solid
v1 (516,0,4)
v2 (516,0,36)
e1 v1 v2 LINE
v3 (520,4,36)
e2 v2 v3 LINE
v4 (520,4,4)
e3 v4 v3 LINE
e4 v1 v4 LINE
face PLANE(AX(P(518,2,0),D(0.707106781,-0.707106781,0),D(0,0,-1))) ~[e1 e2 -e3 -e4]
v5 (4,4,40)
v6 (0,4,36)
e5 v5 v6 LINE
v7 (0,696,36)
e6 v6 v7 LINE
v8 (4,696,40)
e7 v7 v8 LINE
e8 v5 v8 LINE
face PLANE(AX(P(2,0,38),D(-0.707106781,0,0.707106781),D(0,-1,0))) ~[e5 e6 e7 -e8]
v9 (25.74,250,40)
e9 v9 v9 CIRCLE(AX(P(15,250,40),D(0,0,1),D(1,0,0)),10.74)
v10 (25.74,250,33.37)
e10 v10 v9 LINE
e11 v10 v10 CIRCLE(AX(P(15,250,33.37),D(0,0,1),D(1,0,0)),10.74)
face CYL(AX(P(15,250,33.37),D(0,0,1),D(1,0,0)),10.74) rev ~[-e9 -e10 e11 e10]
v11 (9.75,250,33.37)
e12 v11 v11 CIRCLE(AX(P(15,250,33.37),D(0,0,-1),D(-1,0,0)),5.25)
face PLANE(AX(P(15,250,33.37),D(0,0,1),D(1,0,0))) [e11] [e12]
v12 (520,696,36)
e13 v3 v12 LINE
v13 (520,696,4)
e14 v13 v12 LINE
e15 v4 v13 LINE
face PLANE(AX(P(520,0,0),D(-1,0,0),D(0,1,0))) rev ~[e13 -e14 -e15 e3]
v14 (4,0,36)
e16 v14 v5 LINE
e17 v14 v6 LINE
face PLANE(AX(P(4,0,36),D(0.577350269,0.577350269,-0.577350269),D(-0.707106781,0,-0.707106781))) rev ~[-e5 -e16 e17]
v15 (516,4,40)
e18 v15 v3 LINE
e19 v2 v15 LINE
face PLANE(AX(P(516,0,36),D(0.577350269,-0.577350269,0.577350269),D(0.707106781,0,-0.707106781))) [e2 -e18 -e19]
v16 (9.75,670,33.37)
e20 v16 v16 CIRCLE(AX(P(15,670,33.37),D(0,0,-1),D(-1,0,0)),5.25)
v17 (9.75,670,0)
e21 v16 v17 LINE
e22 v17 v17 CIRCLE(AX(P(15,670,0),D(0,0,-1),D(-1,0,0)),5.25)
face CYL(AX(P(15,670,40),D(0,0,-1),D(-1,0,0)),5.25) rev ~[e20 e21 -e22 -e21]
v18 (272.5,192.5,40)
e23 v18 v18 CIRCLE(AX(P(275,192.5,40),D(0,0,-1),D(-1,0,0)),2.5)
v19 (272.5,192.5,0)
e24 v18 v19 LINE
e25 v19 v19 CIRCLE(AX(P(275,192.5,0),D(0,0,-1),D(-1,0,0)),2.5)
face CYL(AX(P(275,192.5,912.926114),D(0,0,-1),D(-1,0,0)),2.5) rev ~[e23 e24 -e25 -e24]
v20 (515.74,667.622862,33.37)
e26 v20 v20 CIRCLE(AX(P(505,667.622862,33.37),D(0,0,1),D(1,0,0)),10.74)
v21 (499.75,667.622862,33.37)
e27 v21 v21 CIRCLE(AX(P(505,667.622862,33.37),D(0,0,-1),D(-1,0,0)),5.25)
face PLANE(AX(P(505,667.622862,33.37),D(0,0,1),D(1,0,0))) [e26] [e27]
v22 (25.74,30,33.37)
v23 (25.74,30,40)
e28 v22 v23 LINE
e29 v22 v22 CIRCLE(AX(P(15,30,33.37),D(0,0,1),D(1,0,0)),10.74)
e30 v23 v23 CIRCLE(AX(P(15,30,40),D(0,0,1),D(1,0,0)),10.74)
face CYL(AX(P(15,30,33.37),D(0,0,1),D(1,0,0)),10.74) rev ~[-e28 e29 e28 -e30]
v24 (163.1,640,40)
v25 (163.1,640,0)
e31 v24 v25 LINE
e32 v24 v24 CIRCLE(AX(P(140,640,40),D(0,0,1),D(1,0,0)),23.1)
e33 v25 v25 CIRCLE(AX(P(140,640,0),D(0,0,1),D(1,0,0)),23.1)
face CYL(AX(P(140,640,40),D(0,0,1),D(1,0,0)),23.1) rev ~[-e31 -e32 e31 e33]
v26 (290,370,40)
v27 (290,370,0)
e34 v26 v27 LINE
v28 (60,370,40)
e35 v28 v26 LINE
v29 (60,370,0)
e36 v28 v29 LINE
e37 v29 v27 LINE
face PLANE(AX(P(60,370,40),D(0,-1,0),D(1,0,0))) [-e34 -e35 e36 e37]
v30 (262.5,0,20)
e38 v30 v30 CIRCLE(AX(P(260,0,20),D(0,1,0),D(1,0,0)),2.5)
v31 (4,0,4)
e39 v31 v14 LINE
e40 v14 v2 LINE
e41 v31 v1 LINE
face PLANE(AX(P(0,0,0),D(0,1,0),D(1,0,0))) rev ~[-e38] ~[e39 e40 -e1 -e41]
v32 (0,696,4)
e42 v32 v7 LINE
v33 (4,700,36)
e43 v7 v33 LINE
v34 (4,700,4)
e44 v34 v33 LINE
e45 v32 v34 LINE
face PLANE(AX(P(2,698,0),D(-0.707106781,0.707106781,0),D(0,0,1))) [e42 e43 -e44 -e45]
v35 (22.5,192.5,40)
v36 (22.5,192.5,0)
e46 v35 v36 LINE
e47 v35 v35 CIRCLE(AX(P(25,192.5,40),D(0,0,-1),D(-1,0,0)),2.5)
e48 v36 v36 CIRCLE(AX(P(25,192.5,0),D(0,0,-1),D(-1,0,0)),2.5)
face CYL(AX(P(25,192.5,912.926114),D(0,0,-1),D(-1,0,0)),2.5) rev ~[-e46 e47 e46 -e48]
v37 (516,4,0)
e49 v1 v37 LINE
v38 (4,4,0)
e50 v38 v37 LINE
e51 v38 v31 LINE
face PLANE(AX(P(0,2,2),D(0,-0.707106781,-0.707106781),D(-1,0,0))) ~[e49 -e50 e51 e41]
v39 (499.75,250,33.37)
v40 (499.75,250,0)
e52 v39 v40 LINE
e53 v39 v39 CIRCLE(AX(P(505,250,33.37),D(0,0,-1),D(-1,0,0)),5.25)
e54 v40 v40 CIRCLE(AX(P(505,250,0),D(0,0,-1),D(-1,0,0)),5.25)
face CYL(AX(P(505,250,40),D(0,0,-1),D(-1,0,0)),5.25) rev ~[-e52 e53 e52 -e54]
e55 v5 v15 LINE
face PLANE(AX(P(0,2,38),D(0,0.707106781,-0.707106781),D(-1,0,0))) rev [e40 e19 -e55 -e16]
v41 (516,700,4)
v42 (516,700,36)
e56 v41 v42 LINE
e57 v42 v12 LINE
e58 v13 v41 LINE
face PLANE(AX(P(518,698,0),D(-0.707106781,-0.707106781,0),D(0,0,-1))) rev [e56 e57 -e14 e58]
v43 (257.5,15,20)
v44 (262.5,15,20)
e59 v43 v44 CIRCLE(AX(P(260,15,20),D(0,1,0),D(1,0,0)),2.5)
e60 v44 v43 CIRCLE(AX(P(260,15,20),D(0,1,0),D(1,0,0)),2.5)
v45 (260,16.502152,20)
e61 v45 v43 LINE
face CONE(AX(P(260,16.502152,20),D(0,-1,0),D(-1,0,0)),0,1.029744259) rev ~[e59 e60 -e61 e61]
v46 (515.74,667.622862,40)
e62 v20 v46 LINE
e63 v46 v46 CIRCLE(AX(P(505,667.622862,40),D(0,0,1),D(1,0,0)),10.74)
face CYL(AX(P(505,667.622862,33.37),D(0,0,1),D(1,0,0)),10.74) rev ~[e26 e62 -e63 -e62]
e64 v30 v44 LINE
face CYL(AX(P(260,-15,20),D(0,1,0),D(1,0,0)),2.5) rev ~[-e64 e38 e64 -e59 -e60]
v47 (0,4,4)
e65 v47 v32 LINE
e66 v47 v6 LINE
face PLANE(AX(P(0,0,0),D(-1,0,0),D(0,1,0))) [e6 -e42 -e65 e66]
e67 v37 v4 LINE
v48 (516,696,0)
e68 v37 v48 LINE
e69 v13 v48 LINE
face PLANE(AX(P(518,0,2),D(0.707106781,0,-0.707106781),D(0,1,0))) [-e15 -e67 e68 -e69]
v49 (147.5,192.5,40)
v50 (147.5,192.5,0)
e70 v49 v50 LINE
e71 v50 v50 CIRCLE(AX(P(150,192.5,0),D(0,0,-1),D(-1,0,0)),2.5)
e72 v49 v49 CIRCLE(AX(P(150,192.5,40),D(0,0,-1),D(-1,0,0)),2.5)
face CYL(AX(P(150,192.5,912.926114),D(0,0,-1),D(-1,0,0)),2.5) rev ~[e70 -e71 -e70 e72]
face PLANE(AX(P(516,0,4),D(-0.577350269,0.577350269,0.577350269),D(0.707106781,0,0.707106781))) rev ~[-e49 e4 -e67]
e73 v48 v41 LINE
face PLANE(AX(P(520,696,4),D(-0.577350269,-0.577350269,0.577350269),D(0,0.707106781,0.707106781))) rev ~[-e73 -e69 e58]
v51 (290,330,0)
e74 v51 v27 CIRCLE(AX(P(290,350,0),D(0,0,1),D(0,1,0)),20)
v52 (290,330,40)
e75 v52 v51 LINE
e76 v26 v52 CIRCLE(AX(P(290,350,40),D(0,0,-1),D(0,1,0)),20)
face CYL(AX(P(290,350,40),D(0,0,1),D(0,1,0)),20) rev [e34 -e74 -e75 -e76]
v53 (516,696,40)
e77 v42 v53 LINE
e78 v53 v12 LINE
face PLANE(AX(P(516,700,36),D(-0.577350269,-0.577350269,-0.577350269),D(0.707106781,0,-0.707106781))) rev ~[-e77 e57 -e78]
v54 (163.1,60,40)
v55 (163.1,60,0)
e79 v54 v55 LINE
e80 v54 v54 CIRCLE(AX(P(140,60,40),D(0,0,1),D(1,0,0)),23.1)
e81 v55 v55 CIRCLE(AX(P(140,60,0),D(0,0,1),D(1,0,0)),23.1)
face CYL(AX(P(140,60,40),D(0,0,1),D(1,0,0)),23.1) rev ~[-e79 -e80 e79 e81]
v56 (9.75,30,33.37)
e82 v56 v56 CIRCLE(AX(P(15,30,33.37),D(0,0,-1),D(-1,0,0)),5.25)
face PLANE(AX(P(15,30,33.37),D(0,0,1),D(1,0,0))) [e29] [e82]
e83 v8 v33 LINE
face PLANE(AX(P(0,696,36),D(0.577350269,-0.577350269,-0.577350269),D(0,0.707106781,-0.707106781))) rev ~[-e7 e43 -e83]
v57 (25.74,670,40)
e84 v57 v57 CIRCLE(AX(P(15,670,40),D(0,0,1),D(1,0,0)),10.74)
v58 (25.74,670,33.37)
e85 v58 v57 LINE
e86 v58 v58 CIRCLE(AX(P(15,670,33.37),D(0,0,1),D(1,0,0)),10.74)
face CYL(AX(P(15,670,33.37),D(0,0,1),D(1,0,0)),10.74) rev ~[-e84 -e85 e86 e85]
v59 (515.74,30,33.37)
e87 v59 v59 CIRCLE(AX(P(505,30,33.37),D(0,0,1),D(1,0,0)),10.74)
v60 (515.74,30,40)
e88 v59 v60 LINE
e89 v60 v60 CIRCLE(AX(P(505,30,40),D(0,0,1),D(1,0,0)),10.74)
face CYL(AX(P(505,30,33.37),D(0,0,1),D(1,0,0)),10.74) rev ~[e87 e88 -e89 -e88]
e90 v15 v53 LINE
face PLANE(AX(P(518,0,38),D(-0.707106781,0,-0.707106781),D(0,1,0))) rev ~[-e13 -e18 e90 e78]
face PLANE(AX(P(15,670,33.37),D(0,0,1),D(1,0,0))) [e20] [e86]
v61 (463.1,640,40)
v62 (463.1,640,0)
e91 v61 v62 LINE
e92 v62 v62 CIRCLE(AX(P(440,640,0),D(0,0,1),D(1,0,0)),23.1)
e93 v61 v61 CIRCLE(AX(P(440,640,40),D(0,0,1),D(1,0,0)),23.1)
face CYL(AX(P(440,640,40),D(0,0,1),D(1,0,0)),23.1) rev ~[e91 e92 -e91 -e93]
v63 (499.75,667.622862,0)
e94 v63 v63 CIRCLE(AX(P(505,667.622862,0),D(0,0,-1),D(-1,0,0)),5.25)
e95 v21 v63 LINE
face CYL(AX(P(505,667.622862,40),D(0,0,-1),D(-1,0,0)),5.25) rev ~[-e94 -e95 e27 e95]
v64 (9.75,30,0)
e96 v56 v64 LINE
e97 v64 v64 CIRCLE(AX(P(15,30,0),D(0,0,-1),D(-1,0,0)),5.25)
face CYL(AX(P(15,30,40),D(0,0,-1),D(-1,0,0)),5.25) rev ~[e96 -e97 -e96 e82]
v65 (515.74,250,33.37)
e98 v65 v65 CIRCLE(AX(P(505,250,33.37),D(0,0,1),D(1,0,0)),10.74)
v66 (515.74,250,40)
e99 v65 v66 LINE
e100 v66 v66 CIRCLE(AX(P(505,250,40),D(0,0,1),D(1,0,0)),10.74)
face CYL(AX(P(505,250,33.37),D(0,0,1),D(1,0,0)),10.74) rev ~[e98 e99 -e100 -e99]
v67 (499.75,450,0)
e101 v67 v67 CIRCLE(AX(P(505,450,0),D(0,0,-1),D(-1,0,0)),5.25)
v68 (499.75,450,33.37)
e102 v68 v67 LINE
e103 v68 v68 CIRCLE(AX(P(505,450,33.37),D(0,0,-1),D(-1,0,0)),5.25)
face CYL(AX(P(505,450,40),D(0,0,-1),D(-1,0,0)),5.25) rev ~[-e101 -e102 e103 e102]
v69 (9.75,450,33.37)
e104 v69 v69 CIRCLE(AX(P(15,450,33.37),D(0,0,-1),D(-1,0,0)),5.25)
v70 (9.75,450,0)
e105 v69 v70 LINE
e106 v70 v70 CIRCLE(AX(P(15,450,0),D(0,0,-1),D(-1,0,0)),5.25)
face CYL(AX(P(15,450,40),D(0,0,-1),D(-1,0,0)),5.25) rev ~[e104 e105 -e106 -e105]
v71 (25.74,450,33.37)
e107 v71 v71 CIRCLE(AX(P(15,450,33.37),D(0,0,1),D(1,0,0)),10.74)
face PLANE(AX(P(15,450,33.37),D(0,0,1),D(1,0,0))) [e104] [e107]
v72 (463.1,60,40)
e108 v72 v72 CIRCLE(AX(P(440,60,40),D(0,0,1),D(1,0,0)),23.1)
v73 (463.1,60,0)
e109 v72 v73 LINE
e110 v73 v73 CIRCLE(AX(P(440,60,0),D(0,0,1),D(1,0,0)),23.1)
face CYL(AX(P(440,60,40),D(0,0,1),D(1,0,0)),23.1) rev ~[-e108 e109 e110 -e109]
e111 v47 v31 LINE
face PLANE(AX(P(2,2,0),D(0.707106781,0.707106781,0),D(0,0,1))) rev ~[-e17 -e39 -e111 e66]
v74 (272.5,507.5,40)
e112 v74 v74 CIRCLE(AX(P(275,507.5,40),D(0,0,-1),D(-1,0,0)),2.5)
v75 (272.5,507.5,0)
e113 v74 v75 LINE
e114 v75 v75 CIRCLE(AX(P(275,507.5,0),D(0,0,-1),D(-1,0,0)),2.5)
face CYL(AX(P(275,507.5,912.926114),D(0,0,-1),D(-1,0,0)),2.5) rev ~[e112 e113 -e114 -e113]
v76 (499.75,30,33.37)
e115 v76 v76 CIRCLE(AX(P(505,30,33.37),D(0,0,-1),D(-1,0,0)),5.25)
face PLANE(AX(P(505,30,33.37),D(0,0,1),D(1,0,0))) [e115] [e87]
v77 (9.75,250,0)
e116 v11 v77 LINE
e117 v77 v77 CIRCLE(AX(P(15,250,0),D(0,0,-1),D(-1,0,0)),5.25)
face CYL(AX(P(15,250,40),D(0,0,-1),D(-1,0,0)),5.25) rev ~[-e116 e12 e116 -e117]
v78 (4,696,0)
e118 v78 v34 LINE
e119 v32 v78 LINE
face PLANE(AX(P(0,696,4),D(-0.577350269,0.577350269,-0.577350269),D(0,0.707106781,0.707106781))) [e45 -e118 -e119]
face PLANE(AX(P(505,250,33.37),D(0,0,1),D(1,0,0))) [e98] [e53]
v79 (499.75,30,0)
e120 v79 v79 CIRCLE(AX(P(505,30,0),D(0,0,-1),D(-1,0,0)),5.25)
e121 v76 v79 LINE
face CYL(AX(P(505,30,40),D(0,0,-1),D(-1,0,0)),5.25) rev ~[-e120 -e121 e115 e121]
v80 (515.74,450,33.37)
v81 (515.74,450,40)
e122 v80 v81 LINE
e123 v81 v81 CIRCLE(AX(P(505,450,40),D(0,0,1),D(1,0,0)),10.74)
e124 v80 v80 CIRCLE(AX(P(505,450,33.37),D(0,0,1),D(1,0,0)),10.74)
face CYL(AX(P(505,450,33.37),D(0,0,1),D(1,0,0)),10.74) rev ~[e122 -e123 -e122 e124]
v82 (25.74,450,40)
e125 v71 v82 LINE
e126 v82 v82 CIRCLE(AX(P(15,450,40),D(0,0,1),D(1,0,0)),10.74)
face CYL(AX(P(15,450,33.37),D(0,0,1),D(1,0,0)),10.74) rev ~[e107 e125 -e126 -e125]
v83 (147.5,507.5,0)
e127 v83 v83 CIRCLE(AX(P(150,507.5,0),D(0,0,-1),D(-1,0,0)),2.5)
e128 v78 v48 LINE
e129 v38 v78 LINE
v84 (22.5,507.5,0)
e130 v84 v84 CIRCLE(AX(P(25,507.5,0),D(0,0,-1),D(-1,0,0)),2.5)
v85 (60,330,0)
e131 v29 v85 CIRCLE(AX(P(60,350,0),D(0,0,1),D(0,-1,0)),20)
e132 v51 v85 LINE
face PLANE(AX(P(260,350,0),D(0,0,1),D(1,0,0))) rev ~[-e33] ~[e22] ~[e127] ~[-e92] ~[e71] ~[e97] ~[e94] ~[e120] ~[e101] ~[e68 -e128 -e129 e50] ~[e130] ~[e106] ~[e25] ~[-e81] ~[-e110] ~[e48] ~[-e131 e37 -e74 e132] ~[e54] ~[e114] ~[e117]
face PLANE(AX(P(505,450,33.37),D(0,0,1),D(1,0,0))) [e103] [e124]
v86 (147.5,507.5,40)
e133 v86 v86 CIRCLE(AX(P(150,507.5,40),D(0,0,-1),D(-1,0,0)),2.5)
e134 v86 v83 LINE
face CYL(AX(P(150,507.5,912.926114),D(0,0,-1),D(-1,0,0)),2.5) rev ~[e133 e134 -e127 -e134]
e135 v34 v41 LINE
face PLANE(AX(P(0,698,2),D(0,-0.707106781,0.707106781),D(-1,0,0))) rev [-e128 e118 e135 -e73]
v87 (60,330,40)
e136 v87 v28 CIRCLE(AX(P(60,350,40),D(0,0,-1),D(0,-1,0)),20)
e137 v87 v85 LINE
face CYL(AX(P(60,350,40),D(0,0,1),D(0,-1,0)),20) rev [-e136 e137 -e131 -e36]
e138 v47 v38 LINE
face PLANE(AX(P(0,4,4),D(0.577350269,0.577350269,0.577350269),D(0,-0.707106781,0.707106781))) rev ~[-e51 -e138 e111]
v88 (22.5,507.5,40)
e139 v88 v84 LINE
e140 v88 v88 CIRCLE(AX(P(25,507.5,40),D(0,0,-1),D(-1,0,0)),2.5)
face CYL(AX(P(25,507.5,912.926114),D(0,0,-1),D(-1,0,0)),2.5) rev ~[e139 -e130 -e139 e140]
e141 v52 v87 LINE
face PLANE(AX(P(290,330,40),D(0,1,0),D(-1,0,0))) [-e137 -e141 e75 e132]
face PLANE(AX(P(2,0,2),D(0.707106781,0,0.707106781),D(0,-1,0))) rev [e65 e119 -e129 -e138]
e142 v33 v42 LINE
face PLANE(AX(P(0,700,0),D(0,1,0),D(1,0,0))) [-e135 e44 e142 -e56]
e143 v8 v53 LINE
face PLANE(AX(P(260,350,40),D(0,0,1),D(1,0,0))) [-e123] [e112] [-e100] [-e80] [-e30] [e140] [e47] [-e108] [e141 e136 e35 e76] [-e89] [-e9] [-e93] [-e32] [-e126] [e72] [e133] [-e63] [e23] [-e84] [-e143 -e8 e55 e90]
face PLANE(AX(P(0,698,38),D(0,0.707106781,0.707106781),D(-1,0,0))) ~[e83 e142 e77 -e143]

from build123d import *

# Parameters (mm, degrees)
SKETCH_1_W                    = 520
SKETCH_1_H                    = 700
EXTRUDE_1_DEPTH               = 40
SKETCH_2_R                    = 23.1
CUT_EXTRUDE_1_DEPTH           = 873.926113712
CHAMFER_1_SIZE                = 4
M6X1_0_1_D                    = 5
CUT_EXTRUDE_2_DEPTH           = 873.926113712
HOLE_WIZARD_M10_1_D           = 10.5
HOLE_WIZARD_M10_1_CBORE_D     = 21.48
HOLE_WIZARD_M10_1_CBORE_DEPTH = 6.63
HOLE_WIZARD_M6_1_D            = 5
HOLE_WIZARD_M6_1_DEPTH        = 15
HOLE_WIZARD_M6_1_TIP          = 1.502151548


with BuildPart() as part:
    # 草图1 → 凸台-拉伸1 (new body)
    with BuildSketch(Plane.XY):
        with Locations((260, 350)):
            Rectangle(SKETCH_1_W, SKETCH_1_H)
    extrude(amount=EXTRUDE_1_DEPTH)

    # 草图2 → 切除-拉伸1 (cut, through all)
    with BuildSketch(Plane.XY.offset(40)):
        with Locations((140, 60)):
            Circle(SKETCH_2_R)
        with Locations((440, 60)):
            Circle(SKETCH_2_R)
        with Locations((440, 640)):
            Circle(SKETCH_2_R)
        with Locations((140, 640)):
            Circle(SKETCH_2_R)
    extrude(amount=-CUT_EXTRUDE_1_DEPTH, mode=Mode.SUBTRACT)

    # 倒角1
    chamfer_1_edges = [part.edges().sort_by_distance(p)[0] for p in [
        (520, 350, 40),
        (260, 700, 40),
        (0, 350, 40),
        (260, 700, 0),
        (520, 350, 0),
        (260, 0, 0),
        (0, 350, 0),
        (260, 0, 40),
        (0, 700, 20),
        (520, 700, 20),
        (520, 0, 20),
        (0, 0, 20),
    ]]
    chamfer(chamfer_1_edges, length=CHAMFER_1_SIZE)

    # M6x1.0 螺纹孔1 (through all)
    with Locations(Plane.XY.offset(40)):
        with Locations((25, 507.5), (150, 507.5), (275, 507.5), (275, 192.5), (150, 192.5), (25, 192.5)):
            Hole(M6X1_0_1_D / 2)

    # 草图5 → 切除-拉伸2 (cut, through all)
    with BuildSketch(Plane.XY.offset(40)):
        with BuildLine():
            Line((60, 370), (290, 370))
            ThreePointArc((290, 370), (310, 350), (290, 330))
            Line((290, 330), (60, 330))
            ThreePointArc((60, 330), (40, 350), (60, 370))
        make_face()
    extrude(amount=-CUT_EXTRUDE_2_DEPTH, mode=Mode.SUBTRACT)

    # M10 六角头螺钉的柱形沉头孔1 (through all)
    with Locations(Plane.XY.offset(40)):
        with Locations((15, 670), (15, 450), (15, 250), (15, 30), (505, 30), (505, 250), (505, 450), (505, 667.622862113)):
            CounterBoreHole(HOLE_WIZARD_M10_1_D / 2, HOLE_WIZARD_M10_1_CBORE_D / 2, HOLE_WIZARD_M10_1_CBORE_DEPTH)

    # M6 螺纹孔1
    with Locations(Plane(origin=(0, 0, 0), x_dir=(-1, 0, 0), z_dir=(0, -1, 0))):
        with Locations((-260, -20)):
            Hole(HOLE_WIZARD_M6_1_D / 2, depth=HOLE_WIZARD_M6_1_DEPTH)
            with Locations((0, 0, -(HOLE_WIZARD_M6_1_DEPTH + HOLE_WIZARD_M6_1_TIP / 2))):  # 118° drill point
                Cone(0, HOLE_WIZARD_M6_1_D / 2, HOLE_WIZARD_M6_1_TIP, mode=Mode.SUBTRACT)


solid = part.part
